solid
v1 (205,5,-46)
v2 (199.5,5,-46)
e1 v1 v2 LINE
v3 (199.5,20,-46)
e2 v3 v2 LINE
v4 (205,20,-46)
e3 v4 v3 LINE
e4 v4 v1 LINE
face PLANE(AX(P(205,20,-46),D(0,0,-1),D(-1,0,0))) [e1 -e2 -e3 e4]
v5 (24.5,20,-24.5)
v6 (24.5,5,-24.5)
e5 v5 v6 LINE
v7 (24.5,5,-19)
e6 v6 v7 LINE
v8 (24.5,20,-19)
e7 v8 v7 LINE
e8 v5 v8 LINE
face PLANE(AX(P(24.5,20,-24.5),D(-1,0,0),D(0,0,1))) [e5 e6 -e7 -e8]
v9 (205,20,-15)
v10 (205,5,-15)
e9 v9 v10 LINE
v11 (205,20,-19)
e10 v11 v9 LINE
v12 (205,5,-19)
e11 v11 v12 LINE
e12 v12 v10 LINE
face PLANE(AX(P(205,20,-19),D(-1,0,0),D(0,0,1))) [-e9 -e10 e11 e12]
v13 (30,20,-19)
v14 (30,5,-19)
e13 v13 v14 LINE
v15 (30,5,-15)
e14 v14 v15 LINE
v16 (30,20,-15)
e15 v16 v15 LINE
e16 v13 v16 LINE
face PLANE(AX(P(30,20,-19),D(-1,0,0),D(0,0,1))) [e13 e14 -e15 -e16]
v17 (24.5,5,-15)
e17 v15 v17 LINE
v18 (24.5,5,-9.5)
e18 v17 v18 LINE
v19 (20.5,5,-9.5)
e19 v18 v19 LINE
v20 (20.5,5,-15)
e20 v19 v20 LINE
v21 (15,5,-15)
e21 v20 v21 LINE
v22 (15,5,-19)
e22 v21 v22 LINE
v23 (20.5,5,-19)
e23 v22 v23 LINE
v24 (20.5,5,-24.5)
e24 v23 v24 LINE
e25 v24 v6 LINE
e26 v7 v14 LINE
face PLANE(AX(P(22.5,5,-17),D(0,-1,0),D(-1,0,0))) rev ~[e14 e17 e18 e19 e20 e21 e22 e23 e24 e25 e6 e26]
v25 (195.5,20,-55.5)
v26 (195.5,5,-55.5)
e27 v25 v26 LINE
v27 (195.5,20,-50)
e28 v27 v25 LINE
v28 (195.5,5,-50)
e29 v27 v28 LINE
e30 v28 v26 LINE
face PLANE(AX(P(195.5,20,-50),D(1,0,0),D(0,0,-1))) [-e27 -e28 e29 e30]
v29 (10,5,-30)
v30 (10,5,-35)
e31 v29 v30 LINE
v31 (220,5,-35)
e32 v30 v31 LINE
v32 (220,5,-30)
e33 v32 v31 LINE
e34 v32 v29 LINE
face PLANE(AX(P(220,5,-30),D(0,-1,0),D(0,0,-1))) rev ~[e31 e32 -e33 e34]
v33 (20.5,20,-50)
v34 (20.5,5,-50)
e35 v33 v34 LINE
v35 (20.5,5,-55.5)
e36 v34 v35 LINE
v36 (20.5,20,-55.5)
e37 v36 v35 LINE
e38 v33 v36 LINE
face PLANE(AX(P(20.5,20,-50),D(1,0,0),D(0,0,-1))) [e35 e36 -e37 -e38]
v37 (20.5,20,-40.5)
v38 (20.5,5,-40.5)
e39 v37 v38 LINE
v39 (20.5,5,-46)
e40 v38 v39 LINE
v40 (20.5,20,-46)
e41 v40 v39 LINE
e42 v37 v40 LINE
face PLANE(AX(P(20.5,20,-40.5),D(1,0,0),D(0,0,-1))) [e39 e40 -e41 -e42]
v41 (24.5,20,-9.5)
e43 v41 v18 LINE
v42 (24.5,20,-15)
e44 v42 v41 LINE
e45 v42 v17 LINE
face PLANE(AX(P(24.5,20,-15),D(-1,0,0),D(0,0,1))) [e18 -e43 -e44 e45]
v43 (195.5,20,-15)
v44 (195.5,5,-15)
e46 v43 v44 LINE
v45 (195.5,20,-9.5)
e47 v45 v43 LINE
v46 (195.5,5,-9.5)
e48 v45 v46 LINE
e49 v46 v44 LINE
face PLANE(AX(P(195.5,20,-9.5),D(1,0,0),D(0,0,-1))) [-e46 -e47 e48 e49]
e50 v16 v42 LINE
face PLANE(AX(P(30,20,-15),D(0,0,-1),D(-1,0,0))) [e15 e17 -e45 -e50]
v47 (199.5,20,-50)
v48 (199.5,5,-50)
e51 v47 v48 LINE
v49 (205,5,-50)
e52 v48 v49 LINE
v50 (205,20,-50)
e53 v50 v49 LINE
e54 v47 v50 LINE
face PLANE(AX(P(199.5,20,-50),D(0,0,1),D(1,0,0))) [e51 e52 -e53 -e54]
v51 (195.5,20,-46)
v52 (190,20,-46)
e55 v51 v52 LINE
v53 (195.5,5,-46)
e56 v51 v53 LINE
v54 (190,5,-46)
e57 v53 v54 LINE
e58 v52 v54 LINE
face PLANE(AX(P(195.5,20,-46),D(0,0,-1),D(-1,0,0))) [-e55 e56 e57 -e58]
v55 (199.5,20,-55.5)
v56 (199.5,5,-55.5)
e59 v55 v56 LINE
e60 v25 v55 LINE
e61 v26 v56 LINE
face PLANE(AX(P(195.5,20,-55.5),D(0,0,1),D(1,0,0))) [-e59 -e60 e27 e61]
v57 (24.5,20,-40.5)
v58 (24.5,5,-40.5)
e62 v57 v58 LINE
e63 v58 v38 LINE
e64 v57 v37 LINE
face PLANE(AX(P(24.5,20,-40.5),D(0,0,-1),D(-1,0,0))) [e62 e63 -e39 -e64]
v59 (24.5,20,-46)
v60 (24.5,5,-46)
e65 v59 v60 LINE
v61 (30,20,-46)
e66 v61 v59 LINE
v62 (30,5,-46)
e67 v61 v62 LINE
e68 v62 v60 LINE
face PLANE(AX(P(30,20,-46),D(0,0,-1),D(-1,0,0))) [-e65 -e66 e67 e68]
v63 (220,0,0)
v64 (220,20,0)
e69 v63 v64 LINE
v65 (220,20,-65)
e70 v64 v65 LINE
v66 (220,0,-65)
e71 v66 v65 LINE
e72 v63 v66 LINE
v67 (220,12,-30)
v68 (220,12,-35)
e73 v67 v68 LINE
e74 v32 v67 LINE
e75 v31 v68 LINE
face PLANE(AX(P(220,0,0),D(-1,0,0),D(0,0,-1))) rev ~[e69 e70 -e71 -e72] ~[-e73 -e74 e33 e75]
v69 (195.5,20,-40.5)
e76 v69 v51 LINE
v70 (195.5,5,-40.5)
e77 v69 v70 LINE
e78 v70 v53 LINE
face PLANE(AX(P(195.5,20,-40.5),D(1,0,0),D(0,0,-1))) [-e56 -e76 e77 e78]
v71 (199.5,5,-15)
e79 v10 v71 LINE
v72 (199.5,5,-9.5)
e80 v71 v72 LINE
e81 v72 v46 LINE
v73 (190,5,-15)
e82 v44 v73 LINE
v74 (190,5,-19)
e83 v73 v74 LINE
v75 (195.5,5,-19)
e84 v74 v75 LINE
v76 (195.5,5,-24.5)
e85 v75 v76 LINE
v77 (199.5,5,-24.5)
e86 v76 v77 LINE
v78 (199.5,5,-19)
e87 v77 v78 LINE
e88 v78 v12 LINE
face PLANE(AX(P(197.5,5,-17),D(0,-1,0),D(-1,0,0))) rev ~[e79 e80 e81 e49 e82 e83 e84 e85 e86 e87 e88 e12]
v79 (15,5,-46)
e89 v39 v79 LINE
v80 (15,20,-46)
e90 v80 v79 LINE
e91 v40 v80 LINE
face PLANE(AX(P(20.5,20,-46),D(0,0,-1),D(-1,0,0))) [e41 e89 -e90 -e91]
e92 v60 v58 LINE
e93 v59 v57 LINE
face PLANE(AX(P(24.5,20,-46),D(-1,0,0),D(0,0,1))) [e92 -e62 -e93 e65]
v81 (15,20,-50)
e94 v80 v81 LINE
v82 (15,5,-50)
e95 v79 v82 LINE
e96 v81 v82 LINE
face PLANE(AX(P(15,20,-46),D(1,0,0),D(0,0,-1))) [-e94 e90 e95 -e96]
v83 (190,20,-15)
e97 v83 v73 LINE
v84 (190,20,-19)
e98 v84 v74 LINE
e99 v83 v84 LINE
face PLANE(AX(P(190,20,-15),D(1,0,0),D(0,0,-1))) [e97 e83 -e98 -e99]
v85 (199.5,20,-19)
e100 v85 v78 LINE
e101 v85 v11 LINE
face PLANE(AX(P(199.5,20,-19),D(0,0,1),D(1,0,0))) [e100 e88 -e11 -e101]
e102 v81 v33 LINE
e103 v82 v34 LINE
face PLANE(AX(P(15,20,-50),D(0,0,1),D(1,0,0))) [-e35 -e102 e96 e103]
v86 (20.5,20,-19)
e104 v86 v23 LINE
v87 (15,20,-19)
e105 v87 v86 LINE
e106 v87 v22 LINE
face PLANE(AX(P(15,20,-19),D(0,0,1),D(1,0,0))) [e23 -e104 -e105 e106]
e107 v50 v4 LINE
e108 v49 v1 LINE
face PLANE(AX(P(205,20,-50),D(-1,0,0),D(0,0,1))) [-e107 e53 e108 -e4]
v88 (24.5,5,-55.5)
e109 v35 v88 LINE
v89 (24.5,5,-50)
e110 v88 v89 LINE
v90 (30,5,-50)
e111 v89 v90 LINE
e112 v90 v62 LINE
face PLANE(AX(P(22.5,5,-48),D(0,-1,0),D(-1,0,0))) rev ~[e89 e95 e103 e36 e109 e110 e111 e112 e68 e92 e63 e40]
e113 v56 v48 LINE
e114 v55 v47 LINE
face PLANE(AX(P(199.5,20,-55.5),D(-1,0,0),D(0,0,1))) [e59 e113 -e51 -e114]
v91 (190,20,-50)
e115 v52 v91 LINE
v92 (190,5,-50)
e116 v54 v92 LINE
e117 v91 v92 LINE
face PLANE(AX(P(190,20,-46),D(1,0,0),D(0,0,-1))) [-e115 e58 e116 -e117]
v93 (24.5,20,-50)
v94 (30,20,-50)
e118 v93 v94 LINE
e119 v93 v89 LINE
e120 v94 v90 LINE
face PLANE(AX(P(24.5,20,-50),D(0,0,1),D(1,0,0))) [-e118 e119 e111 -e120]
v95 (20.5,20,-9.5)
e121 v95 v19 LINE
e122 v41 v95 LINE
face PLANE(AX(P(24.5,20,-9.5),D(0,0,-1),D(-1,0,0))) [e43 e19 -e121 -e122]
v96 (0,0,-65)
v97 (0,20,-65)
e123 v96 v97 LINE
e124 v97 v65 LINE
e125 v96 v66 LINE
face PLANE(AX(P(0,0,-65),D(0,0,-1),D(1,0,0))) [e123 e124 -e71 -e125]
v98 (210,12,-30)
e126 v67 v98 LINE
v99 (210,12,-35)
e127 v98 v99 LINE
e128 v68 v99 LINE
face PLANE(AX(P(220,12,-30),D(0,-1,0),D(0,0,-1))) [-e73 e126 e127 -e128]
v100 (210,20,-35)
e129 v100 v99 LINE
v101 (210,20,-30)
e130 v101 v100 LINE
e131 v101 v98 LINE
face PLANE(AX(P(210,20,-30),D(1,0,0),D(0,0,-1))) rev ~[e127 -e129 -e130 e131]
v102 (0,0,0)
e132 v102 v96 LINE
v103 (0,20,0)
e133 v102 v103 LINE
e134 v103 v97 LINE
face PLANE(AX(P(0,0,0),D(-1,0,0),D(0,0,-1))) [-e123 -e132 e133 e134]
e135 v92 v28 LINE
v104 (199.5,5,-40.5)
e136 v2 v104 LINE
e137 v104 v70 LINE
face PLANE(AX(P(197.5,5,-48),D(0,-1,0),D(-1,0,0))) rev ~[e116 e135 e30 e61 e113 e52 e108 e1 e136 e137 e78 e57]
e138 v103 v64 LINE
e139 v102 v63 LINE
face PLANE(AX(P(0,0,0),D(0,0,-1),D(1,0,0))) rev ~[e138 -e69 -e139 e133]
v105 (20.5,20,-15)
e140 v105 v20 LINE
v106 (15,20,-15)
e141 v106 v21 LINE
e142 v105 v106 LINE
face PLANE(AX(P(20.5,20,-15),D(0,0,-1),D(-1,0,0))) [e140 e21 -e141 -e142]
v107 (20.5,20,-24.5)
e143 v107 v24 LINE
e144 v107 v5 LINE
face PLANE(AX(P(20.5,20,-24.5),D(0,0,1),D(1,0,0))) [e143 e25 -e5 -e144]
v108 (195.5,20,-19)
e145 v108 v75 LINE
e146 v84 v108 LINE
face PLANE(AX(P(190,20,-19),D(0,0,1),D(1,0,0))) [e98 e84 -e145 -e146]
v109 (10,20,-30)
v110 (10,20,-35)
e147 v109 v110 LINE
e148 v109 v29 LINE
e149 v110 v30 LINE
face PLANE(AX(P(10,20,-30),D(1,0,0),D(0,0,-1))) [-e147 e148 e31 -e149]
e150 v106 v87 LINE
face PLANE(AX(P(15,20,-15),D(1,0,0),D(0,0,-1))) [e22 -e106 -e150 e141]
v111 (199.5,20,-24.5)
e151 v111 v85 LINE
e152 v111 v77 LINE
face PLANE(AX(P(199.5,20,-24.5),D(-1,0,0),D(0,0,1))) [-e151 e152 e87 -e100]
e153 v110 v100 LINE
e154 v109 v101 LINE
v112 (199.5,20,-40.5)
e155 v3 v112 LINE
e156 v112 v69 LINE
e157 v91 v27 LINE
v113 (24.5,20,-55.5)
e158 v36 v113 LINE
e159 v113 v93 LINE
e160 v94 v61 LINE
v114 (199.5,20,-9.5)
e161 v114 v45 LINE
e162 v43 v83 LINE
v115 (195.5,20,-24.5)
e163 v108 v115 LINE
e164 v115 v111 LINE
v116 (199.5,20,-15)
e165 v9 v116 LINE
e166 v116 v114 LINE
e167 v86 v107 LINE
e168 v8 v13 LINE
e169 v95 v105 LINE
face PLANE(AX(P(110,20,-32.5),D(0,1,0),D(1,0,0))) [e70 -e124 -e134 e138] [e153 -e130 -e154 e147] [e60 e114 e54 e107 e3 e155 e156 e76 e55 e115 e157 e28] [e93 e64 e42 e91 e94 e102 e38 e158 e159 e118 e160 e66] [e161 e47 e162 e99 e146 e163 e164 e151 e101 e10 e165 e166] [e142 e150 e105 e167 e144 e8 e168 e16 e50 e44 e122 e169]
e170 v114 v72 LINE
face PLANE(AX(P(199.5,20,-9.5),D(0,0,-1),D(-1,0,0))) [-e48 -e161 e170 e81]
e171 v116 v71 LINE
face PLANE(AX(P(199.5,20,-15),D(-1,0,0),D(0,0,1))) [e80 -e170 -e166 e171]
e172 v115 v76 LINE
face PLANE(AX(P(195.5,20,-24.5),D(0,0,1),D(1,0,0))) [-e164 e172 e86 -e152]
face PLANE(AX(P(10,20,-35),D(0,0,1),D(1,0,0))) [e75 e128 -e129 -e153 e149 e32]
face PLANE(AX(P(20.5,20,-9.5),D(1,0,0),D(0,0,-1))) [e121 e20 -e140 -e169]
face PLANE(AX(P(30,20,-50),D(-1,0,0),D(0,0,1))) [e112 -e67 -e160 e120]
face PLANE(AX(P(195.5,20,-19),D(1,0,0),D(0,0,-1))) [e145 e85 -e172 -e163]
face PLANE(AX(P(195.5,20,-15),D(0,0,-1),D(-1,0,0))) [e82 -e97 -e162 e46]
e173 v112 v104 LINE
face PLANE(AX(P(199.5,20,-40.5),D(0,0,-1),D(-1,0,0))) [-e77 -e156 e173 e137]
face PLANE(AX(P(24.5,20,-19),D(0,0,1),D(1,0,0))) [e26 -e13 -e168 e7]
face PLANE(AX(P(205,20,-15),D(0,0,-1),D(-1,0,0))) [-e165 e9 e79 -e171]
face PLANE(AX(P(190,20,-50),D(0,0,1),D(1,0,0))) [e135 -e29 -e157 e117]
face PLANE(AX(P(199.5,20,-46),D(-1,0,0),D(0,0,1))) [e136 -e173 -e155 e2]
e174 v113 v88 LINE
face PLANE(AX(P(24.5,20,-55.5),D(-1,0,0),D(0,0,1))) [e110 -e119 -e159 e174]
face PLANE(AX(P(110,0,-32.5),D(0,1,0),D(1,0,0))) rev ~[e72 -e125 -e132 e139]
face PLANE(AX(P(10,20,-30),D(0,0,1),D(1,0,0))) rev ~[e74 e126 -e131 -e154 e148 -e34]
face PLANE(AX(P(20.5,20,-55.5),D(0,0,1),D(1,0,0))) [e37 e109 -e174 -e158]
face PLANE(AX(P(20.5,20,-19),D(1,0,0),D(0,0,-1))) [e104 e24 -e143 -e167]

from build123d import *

# Parameters (mm, degrees)
SKICA1_W                 = 220
SKICA1_H                 = 65
P_IDAT_VYSUNUT_M1_DEPTH  = 20
SKICA2_W                 = 200
SKICA2_H                 = 5
ODEBRAT_VYSUNUT_M1_DEPTH = 15
SKICA3_W                 = 5
SKICA3_H                 = 7
ODEBRAT_VYSUNUT_M2_DEPTH = 35


with BuildPart() as part:
    # Skica1 → Přidat vysunutím1 (new body)
    with BuildSketch(Plane(origin=(0, 0, 0), x_dir=(1, 0, 0), z_dir=(0, 1, 0))):
        with Locations((110, 32.5)):
            Rectangle(SKICA1_W, SKICA1_H)
    extrude(amount=P_IDAT_VYSUNUT_M1_DEPTH)

    # Skica2 → Odebrat vysunutím1 (cut)
    with BuildSketch(Plane(origin=(0, 20, 0), x_dir=(1, 0, 0), z_dir=(0, 1, 0))):
        with Locations((110, 32.5)):
            Rectangle(SKICA2_W, SKICA2_H)
        Polygon((24.5, 50), (30, 50), (30, 46), (24.5, 46), (24.5, 40.5), (20.5, 40.5), (20.5, 46), (15, 46), (15, 50), (20.5, 50), (20.5, 55.5), (24.5, 55.5), align=None)
        Polygon((15, 15), (15, 19), (20.5, 19), (20.5, 24.5), (24.5, 24.5), (24.5, 19), (30, 19), (30, 15), (24.5, 15), (24.5, 9.5), (20.5, 9.5), (20.5, 15), align=None)
        Polygon((205, 15), (199.5, 15), (199.5, 9.5), (195.5, 9.5), (195.5, 15), (190, 15), (190, 19), (195.5, 19), (195.5, 24.5), (199.5, 24.5), (199.5, 19), (205, 19), align=None)
        Polygon((205, 50), (205, 46), (199.5, 46), (199.5, 40.5), (195.5, 40.5), (195.5, 46), (190, 46), (190, 50), (195.5, 50), (195.5, 55.5), (199.5, 55.5), (199.5, 50), align=None)
    extrude(amount=-ODEBRAT_VYSUNUT_M1_DEPTH, mode=Mode.SUBTRACT)

    # Skica3 → Odebrat vysunutím2 (cut)
    with BuildSketch(Plane(origin=(220, 0, 0), x_dir=(0, 0, -1), z_dir=(1, 0, 0))):
        with Locations((32.5, 8.5)):
            Rectangle(SKICA3_W, SKICA3_H)
    extrude(amount=-ODEBRAT_VYSUNUT_M2_DEPTH, mode=Mode.SUBTRACT)


solid = part.part
